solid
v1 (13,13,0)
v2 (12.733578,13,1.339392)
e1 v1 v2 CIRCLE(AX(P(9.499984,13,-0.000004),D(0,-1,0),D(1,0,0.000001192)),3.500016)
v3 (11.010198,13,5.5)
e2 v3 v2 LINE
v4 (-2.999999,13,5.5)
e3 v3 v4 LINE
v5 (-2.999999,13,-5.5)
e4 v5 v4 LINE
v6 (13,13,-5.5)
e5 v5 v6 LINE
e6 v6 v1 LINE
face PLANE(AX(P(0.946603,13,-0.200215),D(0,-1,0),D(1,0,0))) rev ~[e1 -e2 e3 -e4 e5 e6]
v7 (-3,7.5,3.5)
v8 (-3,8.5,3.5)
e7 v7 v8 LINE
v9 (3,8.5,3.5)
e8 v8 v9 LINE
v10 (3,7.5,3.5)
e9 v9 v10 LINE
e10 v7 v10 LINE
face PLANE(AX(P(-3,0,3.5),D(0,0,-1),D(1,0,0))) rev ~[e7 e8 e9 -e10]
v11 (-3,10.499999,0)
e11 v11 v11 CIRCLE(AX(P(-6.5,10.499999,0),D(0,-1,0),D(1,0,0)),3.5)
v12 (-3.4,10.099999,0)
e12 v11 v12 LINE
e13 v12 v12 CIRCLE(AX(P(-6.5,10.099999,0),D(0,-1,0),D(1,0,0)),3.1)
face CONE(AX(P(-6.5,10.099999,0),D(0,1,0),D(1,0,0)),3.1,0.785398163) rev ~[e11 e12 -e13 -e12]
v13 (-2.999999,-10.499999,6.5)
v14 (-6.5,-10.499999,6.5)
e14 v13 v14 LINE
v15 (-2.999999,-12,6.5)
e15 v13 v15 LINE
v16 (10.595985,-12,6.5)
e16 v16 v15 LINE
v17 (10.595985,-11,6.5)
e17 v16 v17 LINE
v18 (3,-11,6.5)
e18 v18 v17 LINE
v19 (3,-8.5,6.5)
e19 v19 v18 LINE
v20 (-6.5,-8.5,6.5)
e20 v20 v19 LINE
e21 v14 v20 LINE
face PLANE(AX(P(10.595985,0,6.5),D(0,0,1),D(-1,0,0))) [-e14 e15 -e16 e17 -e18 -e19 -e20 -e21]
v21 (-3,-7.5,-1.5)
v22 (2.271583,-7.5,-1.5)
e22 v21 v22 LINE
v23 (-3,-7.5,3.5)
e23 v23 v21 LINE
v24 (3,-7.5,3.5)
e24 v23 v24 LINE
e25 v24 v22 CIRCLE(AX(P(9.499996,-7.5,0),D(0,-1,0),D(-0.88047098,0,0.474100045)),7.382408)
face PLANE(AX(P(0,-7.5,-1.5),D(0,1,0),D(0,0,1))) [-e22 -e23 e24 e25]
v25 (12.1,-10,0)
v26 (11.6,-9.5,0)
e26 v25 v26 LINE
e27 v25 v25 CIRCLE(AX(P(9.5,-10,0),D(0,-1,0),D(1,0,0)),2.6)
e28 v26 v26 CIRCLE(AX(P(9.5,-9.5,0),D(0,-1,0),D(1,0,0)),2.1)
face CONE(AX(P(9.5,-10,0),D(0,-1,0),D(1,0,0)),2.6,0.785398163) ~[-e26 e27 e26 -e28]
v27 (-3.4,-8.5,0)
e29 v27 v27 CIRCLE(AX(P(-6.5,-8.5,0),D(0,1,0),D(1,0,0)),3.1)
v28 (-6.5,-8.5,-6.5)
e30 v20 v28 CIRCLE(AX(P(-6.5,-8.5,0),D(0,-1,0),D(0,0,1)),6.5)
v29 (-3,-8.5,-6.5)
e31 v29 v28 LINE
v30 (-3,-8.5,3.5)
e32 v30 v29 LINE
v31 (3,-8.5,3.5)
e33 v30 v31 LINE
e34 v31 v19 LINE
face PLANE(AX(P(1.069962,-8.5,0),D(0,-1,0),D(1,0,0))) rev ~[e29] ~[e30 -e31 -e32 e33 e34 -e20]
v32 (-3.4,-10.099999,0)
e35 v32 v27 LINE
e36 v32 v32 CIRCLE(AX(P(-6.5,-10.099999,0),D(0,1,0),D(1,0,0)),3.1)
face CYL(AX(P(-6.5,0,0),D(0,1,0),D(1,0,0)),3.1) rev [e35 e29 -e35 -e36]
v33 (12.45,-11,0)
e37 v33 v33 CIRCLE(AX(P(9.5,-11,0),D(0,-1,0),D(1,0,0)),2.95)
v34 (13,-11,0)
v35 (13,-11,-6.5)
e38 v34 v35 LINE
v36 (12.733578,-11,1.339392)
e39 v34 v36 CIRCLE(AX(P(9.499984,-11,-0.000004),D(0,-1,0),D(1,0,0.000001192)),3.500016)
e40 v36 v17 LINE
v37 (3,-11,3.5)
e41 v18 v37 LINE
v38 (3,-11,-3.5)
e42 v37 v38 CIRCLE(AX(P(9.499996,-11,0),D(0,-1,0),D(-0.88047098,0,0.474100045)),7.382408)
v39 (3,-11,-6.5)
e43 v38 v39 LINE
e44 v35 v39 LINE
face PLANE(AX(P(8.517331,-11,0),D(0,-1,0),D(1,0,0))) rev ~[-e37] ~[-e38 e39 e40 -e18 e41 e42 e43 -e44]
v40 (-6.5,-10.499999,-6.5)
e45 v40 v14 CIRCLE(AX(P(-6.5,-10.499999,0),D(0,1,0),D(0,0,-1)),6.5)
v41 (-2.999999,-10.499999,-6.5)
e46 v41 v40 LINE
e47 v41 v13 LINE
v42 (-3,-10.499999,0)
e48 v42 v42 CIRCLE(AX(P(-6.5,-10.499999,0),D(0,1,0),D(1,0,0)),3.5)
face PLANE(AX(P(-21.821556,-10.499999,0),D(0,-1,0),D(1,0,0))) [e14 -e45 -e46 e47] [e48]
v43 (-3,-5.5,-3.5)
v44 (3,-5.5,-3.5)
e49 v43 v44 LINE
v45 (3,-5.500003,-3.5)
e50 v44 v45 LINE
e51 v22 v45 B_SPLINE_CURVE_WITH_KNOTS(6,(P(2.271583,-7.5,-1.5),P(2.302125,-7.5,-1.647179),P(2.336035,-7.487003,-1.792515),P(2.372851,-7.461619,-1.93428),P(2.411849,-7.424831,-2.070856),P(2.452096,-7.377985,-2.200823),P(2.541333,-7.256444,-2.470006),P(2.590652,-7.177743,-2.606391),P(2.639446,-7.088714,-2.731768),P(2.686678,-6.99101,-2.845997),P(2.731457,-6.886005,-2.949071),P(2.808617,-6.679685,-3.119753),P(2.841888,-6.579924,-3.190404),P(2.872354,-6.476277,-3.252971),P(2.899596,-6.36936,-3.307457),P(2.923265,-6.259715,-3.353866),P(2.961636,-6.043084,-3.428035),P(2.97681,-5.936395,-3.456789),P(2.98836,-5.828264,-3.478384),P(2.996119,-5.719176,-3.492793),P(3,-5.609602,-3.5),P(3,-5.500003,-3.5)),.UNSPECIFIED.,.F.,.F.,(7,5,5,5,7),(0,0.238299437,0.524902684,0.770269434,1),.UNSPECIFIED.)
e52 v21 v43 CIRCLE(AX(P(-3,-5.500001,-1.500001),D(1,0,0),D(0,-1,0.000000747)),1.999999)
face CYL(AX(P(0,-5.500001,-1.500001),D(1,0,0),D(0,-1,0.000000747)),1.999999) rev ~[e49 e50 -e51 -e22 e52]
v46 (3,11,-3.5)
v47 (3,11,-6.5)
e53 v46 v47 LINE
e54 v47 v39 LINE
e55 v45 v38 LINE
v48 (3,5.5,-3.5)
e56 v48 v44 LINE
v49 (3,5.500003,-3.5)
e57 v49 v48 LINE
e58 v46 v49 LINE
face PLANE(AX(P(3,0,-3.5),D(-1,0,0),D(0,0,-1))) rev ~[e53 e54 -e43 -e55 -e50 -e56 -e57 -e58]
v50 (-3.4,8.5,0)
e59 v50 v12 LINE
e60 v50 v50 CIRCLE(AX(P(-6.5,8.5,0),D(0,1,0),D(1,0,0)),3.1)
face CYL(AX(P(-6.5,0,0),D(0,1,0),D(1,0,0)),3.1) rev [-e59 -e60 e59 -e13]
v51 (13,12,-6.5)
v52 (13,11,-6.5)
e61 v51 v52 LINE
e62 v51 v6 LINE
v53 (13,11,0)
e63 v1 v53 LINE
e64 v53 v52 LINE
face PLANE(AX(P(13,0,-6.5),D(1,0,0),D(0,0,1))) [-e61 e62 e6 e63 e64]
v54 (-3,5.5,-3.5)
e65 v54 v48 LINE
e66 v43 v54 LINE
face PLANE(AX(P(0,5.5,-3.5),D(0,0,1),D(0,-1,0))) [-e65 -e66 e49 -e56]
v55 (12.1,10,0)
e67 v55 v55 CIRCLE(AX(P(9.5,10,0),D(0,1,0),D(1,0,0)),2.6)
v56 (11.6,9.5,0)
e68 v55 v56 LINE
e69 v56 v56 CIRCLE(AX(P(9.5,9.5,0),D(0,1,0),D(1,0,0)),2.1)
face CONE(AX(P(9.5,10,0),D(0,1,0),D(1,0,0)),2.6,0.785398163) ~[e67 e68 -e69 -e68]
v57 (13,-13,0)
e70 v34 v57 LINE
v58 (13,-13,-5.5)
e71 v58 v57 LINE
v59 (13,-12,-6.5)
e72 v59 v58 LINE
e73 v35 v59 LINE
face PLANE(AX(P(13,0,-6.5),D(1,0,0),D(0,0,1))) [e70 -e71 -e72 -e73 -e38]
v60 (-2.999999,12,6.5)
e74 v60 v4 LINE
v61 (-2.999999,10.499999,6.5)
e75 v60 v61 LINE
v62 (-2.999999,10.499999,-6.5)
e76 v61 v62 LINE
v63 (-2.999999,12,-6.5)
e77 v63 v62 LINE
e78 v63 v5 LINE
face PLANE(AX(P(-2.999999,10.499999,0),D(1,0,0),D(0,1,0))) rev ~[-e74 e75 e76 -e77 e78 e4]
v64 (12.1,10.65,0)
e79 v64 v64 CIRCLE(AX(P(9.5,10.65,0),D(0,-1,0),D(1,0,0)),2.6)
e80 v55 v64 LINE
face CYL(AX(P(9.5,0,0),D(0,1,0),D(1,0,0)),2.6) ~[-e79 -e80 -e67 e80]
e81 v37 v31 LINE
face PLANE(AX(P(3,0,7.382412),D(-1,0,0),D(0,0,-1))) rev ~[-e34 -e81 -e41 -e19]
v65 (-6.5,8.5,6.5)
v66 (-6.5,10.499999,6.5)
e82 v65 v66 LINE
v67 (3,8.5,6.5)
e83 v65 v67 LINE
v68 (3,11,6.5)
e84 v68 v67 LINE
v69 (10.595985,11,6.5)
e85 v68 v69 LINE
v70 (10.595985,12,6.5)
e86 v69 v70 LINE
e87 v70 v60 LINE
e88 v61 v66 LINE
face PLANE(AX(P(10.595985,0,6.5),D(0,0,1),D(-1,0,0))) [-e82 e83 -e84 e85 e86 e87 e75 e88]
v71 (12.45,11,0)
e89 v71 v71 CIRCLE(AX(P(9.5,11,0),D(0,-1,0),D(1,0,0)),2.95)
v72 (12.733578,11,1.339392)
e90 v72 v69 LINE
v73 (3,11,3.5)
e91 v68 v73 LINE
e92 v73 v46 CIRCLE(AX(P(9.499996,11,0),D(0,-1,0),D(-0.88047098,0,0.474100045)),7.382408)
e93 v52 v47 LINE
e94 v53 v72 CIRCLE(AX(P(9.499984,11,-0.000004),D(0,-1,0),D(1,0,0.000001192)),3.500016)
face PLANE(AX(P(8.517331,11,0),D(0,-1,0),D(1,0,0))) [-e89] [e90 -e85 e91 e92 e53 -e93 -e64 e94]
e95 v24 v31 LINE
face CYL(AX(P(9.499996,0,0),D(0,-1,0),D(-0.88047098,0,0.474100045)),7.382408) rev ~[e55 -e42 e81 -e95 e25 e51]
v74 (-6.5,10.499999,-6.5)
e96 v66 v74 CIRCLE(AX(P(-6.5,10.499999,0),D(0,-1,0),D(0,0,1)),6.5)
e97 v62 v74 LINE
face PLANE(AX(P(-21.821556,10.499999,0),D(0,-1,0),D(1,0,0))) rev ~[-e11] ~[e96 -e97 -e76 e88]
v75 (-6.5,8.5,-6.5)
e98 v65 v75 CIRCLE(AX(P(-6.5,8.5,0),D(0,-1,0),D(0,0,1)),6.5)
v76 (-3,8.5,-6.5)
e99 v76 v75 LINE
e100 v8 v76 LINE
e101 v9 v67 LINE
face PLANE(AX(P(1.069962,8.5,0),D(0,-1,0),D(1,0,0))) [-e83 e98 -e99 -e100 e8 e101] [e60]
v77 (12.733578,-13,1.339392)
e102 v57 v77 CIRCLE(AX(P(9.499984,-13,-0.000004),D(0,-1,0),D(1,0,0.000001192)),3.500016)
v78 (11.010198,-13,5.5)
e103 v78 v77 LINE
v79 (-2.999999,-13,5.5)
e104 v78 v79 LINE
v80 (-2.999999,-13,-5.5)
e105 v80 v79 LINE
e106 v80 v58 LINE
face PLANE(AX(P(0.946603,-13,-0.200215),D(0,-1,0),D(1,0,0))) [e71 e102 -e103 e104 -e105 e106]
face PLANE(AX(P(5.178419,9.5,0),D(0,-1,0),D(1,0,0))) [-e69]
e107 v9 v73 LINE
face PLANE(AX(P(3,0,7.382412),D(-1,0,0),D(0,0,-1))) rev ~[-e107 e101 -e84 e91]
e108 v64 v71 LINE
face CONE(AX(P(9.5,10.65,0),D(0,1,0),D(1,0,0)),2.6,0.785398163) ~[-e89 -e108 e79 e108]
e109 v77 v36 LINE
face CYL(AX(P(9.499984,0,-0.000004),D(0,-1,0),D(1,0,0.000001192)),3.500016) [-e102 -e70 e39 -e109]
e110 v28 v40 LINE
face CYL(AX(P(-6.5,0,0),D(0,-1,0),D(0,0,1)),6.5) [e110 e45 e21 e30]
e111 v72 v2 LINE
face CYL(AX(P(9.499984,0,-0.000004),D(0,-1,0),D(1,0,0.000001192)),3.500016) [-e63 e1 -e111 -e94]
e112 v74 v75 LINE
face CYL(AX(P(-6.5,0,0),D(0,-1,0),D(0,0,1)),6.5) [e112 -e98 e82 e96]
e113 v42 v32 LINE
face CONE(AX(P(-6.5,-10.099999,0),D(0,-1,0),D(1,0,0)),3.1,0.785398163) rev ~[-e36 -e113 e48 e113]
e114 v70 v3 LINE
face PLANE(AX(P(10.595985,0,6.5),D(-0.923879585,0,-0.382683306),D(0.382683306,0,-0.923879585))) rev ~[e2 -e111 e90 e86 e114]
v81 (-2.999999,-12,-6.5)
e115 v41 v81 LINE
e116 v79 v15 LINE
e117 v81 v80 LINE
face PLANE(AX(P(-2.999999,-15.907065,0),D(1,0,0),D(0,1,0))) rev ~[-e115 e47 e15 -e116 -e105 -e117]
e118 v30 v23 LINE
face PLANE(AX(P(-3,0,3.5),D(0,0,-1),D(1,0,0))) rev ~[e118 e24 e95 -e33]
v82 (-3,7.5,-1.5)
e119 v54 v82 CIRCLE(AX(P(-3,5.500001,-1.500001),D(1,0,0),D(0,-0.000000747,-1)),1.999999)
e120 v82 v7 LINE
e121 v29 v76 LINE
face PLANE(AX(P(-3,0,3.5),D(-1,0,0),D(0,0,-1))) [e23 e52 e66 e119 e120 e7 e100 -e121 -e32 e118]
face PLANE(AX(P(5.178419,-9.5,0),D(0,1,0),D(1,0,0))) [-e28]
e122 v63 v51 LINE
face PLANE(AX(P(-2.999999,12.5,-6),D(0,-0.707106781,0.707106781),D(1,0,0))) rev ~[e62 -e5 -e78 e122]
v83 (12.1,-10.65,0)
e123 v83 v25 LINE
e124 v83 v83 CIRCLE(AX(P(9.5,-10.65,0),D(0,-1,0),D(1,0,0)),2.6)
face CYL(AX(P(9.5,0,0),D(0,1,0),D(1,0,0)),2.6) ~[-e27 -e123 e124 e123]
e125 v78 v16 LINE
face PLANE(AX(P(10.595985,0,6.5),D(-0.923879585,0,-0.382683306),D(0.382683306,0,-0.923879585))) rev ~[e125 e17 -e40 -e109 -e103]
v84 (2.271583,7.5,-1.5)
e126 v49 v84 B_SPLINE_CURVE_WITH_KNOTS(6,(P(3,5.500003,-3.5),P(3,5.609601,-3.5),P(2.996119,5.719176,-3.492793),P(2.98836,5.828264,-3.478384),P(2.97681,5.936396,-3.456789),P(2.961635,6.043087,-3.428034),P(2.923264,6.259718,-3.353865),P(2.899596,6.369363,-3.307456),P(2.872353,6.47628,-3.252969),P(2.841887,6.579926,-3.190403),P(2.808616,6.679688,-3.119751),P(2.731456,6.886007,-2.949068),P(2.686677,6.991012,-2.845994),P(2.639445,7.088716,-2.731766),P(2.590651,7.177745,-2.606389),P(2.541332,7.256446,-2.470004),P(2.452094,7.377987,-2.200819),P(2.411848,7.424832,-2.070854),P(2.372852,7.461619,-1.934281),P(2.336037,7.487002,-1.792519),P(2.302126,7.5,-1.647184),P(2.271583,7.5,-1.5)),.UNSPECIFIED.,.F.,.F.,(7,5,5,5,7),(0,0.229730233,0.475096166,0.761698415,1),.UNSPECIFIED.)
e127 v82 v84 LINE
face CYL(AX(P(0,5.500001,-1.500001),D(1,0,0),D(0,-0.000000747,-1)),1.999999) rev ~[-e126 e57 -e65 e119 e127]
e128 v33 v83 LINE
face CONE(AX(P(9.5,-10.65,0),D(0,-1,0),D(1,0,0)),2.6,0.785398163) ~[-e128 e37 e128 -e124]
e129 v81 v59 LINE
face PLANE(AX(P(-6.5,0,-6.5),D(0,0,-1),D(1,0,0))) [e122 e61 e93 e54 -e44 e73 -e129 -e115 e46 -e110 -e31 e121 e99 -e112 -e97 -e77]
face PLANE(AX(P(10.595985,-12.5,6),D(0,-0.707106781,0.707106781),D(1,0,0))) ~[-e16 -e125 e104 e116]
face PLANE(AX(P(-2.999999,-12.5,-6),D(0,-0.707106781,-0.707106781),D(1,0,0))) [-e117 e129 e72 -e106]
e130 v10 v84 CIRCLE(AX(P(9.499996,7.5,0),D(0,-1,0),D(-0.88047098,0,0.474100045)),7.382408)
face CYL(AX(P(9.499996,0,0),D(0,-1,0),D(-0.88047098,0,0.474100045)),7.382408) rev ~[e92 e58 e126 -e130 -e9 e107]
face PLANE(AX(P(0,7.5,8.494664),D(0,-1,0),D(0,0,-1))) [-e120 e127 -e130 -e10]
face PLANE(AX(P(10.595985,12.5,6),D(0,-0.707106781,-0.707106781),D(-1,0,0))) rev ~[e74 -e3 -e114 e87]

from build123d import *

# Parameters (mm, degrees)
SKETCH_R             = 3.1
PAD_DEPTH            = 13
SKETCH001_R          = 2.6
POCKET_DEPTH         = 11
POCKET001_DEPTH      = 8.5
POCKET002_DEPTH      = 13.001
POCKET002_DEPTH_BACK = -13.001
SKETCH004_W          = 18.821557
SKETCH004_H          = 5.678009
SKETCH004_H_2        = 5.407065
SKETCH004_W_2        = 10.052157
SKETCH004_H_3        = 19
POCKET003_DEPTH      = 6.501
POCKET003_DEPTH_BACK = -6.501
CHAMFER_SIZE         = 0.5
CHAMFER001_SIZE      = 0.35
CHAMFER002_SIZE      = 0.4
CHAMFER003_SIZE      = 1


with BuildPart() as part:
    # Sketch → Pad (new body, symmetric)
    with BuildSketch(Plane.XZ):
        with BuildLine():
            ThreePointArc((-6.5, 6.5), (-13, 0), (-6.5, -6.5))
            Line((-6.5, -6.5), (13, -6.5))
            Line((13, -6.5), (13, 0))
            ThreePointArc((13, 0), (12.932748, 0.682816), (12.733578, 1.339392))
            Line((10.595985, 6.5), (12.733578, 1.339392))
            Line((10.595985, 6.5), (-6.5, 6.5))
        make_face()
        with Locations((-6.5, 0)):
            Circle(SKETCH_R, mode=Mode.SUBTRACT)
    extrude(amount=PAD_DEPTH, both=True)

    # Sketch001 → Pocket (cut, symmetric)
    with BuildSketch(Plane.XZ):
        with BuildLine():
            ThreePointArc((3, 3.5), (2.117588, 0), (3, -3.5))
            Line((3, -3.5), (3, -7.382412))
            Line((3, -7.382412), (9.5, -7.382412))
            ThreePointArc((9.5, -7.382412), (16.882412, 0), (9.5, 7.382412))
            Line((9.5, 7.382412), (3, 7.382412))
            Line((3, 7.382412), (3, 3.5))
        make_face()
        with Locations((9.5, 0)):
            Circle(SKETCH001_R, mode=Mode.SUBTRACT)
    extrude(amount=POCKET_DEPTH, both=True, mode=Mode.SUBTRACT)

    # Sketch002 → Pocket001 (cut, symmetric)
    with BuildSketch(Plane.XZ):
        with BuildLine():
            Line((-3, 3.5), (3, 3.5))
            Line((3, 3.5), (3, -9.5))
            Line((3, -9.5), (14.967288, -9.5))
            Line((14.967288, -9.5), (14.967288, 9.5))
            Line((14.967288, 9.5), (-6.5, 9.5))
            ThreePointArc((-6.5, 9.5), (-16, 0), (-6.5, -9.5))
            Line((-3, -9.5), (-6.5, -9.5))
            Line((-3, 3.5), (-3, -9.5))
        make_face()
    extrude(amount=POCKET001_DEPTH, both=True, mode=Mode.SUBTRACT)

    # Sketch003 → Pocket002 (cut, two sides)
    with BuildSketch(Plane.YZ) as pocket002_sk:
        with BuildLine():
            Line((-7.5, 8.494664), (7.5, 8.494664))
            Line((7.5, 8.494664), (7.5, -1.5))
            ThreePointArc((5.5, -3.5), (6.914214, -2.914214), (7.5, -1.5))
            Line((5.5, -3.5), (-5.5, -3.5))
            ThreePointArc((-7.5, -1.5), (-6.914214, -2.914214), (-5.5, -3.5))
            Line((-7.5, -1.5), (-7.5, 8.494664))
        make_face()
    extrude(amount=-POCKET002_DEPTH, mode=Mode.SUBTRACT)
    extrude(pocket002_sk.sketch, amount=-POCKET002_DEPTH_BACK, mode=Mode.SUBTRACT)

    # Sketch004 → Pocket003 (cut, two sides)
    with BuildSketch(Plane.XY) as pocket003_sk:
        with Locations((-12.410778, 13.339004)):
            Rectangle(SKETCH004_W, SKETCH004_H)
        with Locations((-12.410778, -13.203532)):
            Rectangle(SKETCH004_W, SKETCH004_H_2)
        with Locations((10.204497, 0)):
            Rectangle(SKETCH004_W_2, SKETCH004_H_3)
    extrude(amount=-POCKET003_DEPTH, mode=Mode.SUBTRACT)
    extrude(pocket003_sk.sketch, amount=-POCKET003_DEPTH_BACK, mode=Mode.SUBTRACT)

    # Chamfer
    chamfer_edges = [part.edges().sort_by_distance(p)[0] for p in [
        (6.9, 9.5, 0),
        (6.9, -9.5, 0),
    ]]
    chamfer(chamfer_edges, length=CHAMFER_SIZE)

    # Chamfer001
    chamfer001_edges = [part.edges().sort_by_distance(p)[0] for p in [
        (6.9, 11, 0),
        (6.9, -11, 0),
    ]]
    chamfer(chamfer001_edges, length=CHAMFER001_SIZE)

    # Chamfer002
    chamfer002_edges = [part.edges().sort_by_distance(p)[0] for p in [
        (-9.6, -10.5, 0),
        (-9.6, 10.5, 0),
    ]]
    chamfer(chamfer002_edges, length=CHAMFER002_SIZE)

    # Chamfer003
    chamfer003_edges = [part.edges().sort_by_distance(p)[0] for p in [
        (3.797992, 13, 6.5),
        (5, 13, -6.5),
        (5, -13, -6.5),
        (3.797992, -13, 6.5),
    ]]
    chamfer(chamfer003_edges, length=CHAMFER003_SIZE)


solid = part.part
